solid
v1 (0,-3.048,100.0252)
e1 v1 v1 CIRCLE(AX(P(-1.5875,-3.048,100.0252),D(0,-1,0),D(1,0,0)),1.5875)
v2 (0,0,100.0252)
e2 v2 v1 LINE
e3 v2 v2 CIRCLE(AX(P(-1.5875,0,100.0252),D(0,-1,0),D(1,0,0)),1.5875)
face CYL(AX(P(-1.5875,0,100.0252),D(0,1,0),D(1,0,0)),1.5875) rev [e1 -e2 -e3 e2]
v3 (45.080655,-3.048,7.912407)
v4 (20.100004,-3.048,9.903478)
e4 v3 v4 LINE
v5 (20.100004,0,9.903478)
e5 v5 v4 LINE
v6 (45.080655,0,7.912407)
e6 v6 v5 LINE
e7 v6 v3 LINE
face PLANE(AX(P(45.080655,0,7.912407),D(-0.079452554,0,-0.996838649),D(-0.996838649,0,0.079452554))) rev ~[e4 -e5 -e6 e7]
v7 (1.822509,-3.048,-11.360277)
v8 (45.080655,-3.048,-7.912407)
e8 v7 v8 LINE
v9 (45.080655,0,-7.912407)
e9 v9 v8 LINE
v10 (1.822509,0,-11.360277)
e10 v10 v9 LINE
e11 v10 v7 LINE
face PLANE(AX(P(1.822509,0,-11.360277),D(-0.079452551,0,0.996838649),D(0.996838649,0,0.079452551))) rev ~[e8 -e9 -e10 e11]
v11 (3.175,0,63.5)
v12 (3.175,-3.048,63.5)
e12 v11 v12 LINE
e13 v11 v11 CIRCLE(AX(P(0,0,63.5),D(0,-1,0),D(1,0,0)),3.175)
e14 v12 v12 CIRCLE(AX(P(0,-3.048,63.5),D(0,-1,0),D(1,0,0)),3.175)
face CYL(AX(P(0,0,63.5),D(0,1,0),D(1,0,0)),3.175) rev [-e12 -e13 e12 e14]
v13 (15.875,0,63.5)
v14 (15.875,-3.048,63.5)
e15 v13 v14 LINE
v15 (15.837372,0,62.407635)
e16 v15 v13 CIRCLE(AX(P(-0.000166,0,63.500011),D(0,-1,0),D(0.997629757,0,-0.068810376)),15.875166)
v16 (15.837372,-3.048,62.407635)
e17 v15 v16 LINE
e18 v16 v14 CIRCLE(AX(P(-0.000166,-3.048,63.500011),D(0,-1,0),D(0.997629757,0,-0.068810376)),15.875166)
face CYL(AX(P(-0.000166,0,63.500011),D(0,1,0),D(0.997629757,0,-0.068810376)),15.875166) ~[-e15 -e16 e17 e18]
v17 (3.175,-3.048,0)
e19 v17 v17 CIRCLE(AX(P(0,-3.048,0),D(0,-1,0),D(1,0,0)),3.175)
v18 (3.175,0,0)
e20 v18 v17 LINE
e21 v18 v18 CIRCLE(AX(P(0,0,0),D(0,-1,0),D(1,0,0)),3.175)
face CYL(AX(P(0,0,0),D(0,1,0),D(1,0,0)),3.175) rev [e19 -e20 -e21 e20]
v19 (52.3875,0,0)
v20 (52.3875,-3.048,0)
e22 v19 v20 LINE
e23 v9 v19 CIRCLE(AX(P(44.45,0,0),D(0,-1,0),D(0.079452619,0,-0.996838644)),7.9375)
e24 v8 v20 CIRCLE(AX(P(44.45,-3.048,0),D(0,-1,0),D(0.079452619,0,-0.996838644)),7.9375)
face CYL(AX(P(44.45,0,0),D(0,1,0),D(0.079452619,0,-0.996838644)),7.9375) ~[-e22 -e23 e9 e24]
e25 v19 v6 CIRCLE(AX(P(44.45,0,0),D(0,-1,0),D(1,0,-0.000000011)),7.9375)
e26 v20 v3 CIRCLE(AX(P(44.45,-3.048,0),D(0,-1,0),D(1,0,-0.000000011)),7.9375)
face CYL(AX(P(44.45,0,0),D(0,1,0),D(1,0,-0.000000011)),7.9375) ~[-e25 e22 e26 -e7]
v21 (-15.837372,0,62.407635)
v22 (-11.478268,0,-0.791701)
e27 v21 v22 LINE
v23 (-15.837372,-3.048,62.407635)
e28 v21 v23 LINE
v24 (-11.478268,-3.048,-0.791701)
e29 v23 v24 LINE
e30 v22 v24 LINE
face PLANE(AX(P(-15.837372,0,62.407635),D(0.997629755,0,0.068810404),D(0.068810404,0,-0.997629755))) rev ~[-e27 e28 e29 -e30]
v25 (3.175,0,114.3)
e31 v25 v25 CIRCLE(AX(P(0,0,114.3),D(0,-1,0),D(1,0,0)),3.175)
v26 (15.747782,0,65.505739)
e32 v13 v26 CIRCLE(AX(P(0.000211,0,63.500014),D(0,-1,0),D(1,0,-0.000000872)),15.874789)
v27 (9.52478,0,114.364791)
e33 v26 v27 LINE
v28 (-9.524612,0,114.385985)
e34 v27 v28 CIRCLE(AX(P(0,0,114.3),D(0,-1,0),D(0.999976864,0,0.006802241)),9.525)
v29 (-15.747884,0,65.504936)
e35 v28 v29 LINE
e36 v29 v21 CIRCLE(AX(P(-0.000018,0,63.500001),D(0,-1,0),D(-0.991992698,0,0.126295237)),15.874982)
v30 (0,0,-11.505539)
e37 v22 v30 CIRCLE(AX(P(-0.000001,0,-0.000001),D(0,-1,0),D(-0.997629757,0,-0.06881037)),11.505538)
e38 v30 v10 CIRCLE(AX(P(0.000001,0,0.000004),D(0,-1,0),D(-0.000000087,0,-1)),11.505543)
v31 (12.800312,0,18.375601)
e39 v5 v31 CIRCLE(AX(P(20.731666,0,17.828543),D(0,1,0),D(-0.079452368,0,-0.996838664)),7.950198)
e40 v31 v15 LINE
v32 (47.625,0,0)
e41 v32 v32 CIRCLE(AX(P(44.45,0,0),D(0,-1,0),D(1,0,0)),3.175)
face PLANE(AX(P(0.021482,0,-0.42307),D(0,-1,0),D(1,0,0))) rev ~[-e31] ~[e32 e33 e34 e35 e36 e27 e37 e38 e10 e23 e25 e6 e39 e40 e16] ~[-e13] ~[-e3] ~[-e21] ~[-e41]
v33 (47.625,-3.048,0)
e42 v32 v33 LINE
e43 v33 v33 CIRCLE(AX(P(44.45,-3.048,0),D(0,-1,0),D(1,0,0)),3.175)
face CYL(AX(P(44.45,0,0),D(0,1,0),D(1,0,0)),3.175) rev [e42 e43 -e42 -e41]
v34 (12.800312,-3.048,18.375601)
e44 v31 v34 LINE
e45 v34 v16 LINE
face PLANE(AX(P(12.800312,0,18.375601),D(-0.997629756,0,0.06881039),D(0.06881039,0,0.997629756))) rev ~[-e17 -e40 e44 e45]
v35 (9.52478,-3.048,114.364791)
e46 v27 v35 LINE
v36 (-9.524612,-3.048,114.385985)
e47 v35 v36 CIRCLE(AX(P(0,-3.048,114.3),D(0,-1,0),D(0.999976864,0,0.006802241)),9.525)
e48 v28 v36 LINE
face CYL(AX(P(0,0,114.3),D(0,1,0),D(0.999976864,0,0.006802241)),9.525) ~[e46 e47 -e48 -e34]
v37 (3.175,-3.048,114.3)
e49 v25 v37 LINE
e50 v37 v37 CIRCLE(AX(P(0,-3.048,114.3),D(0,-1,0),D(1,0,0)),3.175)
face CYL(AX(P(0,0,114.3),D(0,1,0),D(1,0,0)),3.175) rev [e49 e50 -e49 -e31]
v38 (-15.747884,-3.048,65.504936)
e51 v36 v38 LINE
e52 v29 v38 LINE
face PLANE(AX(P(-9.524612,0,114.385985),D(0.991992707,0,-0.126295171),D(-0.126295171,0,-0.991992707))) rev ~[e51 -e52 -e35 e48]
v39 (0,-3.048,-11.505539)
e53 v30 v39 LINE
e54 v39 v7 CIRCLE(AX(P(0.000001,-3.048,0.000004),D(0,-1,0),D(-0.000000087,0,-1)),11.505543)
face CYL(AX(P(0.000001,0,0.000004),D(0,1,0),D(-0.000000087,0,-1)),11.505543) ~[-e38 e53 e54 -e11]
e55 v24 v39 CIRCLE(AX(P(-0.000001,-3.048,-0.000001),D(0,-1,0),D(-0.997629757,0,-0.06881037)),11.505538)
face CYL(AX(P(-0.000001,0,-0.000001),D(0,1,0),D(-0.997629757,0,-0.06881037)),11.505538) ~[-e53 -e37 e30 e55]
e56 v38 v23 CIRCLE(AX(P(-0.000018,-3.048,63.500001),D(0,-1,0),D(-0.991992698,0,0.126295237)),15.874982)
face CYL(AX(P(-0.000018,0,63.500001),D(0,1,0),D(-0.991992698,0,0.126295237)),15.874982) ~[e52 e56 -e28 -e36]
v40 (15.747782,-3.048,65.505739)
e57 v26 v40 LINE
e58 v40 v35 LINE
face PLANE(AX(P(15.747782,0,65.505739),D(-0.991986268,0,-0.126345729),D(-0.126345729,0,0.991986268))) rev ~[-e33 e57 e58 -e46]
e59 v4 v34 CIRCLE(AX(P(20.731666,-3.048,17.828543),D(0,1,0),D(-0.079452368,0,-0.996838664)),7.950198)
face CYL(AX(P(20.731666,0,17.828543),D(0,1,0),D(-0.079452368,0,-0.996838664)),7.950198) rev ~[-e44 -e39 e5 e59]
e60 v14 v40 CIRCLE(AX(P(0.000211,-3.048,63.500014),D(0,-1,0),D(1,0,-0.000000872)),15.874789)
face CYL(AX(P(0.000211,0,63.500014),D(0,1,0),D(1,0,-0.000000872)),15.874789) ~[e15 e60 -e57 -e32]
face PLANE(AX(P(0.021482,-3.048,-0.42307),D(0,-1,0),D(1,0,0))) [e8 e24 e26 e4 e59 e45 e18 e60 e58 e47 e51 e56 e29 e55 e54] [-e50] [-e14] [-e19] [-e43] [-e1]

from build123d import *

# Parameters (mm, degrees)
F0_R     = 3.175
F0_R_2   = 1.5875
F1_DEPTH = 3.048


with BuildPart() as f1:
    # F0 (on Front) → F1 (new body)
    with BuildSketch(Plane.XZ):
        with BuildLine():
            ThreePointArc((1.822509, -11.360277), (8.756323, -7.463527), (11.505539, 0))
            ThreePointArc((11.505539, 0), (-0.396085, 11.498719), (-11.478268, -0.791701))
            ThreePointArc((-11.478268, -0.791701), (-7.850748, -8.410897), (0, -11.505539))
            Line((0, -11.505539), (1.822509, -11.360277))
        make_face()
        Circle(F0_R, mode=Mode.SUBTRACT)
        with BuildLine():
            ThreePointArc((-11.478268, -0.791701), (-0.396085, 11.498719), (11.505539, 0))
            ThreePointArc((11.505539, 0), (8.756323, -7.463527), (1.822509, -11.360277))
            Line((1.822509, -11.360277), (45.080655, -7.912407))
            ThreePointArc((45.080655, -7.912407), (36.5125, 0), (45.080655, 7.912407))
            Line((45.080655, 7.912407), (20.100004, 9.903478))
            ThreePointArc((20.100004, 9.903478), (14.708749, 12.639119), (12.800312, 18.375601))
            Line((12.800312, 18.375601), (15.837372, 62.407635))
            ThreePointArc((15.837372, 62.407635), (0, 47.625), (-15.837372, 62.407635))
            Line((-15.837372, 62.407635), (-11.478268, -0.791701))
        make_face()
        with BuildLine():
            ThreePointArc((0, -11.505539), (0.914145, -11.469166), (1.822509, -11.360277))
            Line((1.822509, -11.360277), (0, -11.505539))
        make_face()
        with BuildLine():
            ThreePointArc((-15.747884, 65.504936), (-15.868378, 63.958474), (-15.837372, 62.407635))
            ThreePointArc((-15.837372, 62.407635), (0, 47.625), (15.837372, 62.407635))
            ThreePointArc((15.837372, 62.407635), (15.86559, 62.953493), (15.875, 63.5))
            ThreePointArc((15.875, 63.5), (15.843164, 64.504885), (15.747782, 65.505739))
            ThreePointArc((15.747782, 65.505739), (-0.000405, 79.375), (-15.747884, 65.504936))
        make_face()
        with Locations((0, 63.5)):
            Circle(F0_R, mode=Mode.SUBTRACT)
        with BuildLine():
            ThreePointArc((45.080655, 7.912407), (36.5125, 0), (45.080655, -7.912407))
            ThreePointArc((45.080655, -7.912407), (50.281369, -5.385076), (52.3875, 0))
            ThreePointArc((52.3875, 0), (50.281369, 5.385076), (45.080655, 7.912407))
        make_face()
        with Locations((44.45, 0)):
            Circle(F0_R, mode=Mode.SUBTRACT)
        with BuildLine():
            Line((-9.524612, 114.385985), (-15.747884, 65.504936))
            ThreePointArc((-15.747884, 65.504936), (-0.000405, 79.375), (15.747782, 65.505739))
            Line((15.747782, 65.505739), (9.52478, 114.364791))
            ThreePointArc((9.52478, 114.364791), (9.524945, 114.332396), (9.525, 114.3))
            ThreePointArc((9.525, 114.3), (-0.042993, 104.775097), (-9.524612, 114.385985))
        make_face()
        with Locations((-1.5875, 100.0252)):
            Circle(F0_R_2, mode=Mode.SUBTRACT)
        with BuildLine():
            ThreePointArc((9.52478, 114.364791), (0.010597, 123.824994), (-9.524612, 114.385985))
            ThreePointArc((-9.524612, 114.385985), (-0.042993, 104.775097), (9.525, 114.3))
            ThreePointArc((9.525, 114.3), (9.524945, 114.332396), (9.52478, 114.364791))
        make_face()
        with Locations((0, 114.3)):
            Circle(F0_R, mode=Mode.SUBTRACT)
    extrude(amount=F1_DEPTH)


solid = f1.part
